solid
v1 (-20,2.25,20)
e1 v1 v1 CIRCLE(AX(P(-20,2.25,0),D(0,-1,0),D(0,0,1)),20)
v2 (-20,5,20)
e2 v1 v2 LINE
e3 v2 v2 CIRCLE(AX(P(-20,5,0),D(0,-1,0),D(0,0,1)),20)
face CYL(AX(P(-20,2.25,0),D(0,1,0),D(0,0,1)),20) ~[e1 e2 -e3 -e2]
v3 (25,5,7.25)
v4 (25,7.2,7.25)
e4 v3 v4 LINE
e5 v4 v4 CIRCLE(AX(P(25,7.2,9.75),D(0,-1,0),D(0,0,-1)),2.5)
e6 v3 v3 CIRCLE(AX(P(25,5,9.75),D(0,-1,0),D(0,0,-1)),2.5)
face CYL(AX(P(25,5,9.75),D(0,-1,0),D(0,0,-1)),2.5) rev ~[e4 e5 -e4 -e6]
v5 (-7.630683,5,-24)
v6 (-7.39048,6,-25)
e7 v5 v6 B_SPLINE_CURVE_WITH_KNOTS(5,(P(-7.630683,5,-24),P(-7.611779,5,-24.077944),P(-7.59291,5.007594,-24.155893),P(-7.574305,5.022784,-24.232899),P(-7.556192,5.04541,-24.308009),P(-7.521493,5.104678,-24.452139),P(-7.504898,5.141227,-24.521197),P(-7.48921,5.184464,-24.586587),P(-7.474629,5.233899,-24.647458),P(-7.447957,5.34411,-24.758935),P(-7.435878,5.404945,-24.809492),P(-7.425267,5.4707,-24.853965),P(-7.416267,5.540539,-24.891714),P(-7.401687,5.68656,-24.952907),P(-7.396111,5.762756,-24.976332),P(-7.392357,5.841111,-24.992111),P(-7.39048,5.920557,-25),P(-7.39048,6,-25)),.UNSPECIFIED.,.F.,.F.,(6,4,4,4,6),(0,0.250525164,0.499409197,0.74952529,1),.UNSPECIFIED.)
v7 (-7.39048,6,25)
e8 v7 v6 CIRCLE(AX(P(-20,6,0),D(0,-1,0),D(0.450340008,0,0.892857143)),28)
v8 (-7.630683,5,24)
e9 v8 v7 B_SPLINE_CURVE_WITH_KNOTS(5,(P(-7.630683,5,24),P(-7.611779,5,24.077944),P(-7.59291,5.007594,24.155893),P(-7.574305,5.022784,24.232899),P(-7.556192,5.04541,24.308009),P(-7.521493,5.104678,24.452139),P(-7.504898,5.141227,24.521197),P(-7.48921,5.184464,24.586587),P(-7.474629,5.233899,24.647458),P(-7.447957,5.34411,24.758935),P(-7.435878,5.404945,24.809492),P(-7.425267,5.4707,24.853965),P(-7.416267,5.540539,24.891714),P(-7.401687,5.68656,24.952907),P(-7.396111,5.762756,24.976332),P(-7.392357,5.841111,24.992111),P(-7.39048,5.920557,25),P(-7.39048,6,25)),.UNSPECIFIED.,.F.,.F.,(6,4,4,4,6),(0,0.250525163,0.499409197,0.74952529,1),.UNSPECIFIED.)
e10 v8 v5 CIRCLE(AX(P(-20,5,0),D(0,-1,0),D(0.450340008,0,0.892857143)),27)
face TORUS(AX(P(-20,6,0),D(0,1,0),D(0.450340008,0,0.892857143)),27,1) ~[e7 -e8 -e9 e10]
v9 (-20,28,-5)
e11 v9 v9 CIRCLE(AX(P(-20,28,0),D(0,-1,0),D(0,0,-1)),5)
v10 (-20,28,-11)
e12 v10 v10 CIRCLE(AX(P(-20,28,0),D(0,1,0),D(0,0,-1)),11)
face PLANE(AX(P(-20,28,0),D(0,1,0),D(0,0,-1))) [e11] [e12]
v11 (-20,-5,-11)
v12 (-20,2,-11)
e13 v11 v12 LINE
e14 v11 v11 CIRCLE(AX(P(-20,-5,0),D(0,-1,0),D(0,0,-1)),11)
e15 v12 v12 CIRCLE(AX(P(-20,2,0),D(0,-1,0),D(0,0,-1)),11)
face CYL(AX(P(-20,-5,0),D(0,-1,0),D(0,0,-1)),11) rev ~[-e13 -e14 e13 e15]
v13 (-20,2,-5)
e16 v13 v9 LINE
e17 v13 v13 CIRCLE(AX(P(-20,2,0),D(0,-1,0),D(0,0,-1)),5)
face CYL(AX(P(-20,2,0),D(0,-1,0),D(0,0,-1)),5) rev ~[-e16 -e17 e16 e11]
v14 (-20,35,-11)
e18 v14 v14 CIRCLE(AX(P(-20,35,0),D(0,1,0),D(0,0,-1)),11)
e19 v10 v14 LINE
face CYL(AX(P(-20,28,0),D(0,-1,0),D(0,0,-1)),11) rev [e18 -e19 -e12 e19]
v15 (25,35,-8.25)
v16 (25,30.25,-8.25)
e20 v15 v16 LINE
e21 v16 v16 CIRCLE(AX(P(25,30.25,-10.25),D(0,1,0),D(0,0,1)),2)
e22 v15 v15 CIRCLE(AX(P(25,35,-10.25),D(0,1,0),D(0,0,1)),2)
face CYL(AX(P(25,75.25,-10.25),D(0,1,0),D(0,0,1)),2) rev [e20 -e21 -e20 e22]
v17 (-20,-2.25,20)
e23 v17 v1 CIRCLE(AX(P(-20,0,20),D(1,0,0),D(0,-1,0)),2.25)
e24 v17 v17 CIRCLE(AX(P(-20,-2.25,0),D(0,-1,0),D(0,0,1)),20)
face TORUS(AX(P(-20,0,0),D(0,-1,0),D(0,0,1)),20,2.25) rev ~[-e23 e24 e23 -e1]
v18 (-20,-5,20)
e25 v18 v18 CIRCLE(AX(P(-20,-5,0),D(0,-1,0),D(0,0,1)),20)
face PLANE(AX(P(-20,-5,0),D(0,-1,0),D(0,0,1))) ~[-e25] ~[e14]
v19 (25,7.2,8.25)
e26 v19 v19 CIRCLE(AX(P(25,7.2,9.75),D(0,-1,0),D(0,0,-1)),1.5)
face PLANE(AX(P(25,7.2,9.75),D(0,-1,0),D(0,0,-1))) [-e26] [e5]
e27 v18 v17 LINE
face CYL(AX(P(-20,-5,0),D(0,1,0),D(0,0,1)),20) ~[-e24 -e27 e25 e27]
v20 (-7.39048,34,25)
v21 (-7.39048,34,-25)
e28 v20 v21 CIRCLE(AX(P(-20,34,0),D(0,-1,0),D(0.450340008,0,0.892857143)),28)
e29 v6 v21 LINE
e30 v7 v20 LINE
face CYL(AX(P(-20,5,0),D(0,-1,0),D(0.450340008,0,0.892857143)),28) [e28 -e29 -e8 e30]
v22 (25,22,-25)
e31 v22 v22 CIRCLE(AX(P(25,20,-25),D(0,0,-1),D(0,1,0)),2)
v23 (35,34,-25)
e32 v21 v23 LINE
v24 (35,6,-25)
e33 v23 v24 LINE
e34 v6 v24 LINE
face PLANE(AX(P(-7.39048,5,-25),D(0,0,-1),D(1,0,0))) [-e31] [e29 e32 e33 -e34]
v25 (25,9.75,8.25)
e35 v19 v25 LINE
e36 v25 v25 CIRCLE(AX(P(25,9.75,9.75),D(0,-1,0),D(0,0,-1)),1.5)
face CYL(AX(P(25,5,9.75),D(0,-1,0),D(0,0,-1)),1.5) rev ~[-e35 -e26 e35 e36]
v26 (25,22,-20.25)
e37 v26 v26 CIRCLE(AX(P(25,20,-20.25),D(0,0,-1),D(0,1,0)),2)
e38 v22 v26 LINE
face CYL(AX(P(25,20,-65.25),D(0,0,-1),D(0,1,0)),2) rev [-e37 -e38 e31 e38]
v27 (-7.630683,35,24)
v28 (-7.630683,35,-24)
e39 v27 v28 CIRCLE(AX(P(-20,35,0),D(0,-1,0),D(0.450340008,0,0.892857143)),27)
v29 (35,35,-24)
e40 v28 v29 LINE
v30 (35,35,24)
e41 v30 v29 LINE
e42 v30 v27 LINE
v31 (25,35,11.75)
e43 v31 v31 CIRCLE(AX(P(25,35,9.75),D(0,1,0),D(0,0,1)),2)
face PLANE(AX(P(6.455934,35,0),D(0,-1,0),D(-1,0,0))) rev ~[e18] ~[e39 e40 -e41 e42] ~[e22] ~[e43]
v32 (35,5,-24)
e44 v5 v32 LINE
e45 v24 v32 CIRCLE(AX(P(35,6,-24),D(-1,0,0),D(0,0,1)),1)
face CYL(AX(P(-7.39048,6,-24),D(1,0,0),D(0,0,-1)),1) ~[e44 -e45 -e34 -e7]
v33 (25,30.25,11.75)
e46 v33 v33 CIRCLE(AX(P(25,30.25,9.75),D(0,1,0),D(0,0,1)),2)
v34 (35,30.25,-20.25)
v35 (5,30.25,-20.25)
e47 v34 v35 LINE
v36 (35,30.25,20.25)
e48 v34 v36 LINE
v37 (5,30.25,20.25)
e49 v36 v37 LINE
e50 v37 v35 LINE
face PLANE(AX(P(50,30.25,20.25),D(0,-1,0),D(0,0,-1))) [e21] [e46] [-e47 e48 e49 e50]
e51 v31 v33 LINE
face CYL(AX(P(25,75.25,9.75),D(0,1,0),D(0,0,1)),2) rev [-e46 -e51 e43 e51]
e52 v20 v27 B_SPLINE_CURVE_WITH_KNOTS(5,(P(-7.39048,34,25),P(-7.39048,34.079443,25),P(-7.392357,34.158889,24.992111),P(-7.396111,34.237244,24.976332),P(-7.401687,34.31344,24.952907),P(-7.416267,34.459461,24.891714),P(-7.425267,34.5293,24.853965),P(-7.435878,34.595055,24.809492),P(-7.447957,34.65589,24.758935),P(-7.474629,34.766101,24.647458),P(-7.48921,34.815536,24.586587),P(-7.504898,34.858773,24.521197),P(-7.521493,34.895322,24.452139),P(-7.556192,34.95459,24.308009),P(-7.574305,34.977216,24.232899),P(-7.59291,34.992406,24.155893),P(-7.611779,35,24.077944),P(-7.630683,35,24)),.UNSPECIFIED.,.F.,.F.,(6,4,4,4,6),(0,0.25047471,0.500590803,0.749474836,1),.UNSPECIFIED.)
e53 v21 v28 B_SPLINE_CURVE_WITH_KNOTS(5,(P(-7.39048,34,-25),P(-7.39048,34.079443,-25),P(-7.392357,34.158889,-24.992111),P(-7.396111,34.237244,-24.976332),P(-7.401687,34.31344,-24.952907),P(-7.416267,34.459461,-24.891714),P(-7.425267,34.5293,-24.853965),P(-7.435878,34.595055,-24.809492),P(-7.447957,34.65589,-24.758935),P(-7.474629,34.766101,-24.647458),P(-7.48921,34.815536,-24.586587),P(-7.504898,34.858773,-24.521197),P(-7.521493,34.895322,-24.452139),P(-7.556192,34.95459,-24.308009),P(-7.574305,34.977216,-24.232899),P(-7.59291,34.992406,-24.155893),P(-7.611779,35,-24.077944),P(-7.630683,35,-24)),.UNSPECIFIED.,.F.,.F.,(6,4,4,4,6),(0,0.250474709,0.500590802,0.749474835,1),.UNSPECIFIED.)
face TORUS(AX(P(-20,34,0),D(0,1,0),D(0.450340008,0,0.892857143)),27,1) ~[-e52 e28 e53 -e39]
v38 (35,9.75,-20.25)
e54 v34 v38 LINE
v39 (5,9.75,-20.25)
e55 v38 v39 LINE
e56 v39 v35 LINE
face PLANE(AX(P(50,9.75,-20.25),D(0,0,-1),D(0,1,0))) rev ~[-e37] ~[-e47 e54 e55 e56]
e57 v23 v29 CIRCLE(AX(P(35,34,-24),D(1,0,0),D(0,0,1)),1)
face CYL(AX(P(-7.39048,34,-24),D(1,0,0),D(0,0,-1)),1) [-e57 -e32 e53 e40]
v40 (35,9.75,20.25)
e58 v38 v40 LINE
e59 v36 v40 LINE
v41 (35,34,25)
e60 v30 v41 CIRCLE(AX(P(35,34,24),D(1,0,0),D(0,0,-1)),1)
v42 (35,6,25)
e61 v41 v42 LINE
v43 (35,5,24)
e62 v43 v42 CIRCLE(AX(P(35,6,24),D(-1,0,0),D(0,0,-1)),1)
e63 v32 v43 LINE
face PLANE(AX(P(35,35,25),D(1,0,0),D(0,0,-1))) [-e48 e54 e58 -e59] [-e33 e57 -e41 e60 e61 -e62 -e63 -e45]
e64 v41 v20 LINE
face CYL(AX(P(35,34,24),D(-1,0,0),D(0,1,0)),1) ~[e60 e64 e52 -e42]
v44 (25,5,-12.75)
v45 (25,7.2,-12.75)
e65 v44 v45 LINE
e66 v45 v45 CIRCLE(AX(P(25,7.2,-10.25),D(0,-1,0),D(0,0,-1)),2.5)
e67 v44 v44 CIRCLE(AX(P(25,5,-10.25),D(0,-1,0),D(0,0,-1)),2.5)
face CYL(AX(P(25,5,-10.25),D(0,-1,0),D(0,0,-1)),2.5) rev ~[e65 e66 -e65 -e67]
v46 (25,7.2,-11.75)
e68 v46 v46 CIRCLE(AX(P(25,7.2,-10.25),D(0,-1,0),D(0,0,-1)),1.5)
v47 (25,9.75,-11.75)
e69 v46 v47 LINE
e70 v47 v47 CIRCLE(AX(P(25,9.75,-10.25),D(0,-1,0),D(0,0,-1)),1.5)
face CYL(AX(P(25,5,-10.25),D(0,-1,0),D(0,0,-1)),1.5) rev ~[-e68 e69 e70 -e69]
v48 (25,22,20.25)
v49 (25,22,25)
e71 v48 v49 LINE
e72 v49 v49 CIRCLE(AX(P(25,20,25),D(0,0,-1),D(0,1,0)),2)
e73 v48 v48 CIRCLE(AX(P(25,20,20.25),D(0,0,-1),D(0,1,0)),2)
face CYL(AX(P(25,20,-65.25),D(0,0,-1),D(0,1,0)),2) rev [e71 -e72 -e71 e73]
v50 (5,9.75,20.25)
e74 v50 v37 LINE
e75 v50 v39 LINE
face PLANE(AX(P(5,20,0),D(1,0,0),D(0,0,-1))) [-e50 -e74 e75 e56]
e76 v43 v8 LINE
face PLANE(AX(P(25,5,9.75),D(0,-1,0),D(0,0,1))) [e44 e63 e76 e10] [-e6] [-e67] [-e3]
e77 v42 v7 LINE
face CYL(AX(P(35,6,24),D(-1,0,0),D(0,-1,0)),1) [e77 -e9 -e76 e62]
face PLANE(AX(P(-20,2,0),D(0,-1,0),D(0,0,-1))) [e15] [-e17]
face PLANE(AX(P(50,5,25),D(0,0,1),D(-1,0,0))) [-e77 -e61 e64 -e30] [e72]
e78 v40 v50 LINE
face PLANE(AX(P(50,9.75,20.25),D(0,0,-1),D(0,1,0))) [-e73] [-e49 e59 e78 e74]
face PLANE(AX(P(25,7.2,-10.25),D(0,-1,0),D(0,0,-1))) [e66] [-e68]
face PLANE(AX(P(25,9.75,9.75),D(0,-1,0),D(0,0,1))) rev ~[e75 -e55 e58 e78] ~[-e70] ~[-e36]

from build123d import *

# Parameters (mm, degrees)
BOSS_EXTRUDE2_DEPTH     = 30
SKETCH5_R               = 11
CUT_EXTRUDE1_DEPTH      = 7
SKETCH6_R               = 5
CUT_EXTRUDE2_DEPTH      = 40
CUT_EXTRUDE3_START      = -7
SKETCH7_R               = 11
CUT_EXTRUDE3_DEPTH      = 7
SKETCH8_W               = 40.5
SKETCH8_H               = 20.5
CUT_EXTRUDE4_DEPTH      = 45
SKETCH9_W               = 15
SKETCH9_H               = 50
CUT_EXTRUDE5_DEPTH      = 45
CUT_EXTRUDE6_DEPTH      = 45
CUT_EXTRUDE6_DEPTH_BACK = 45
SKETCH10_R              = 2
CUT_EXTRUDE7_DEPTH      = 50
CUT_EXTRUDE7_DEPTH_BACK = 45
SKETCH11_R              = 2
FILLET1_R               = 1
SKETCH13_R              = 2
SKETCH13_R_2            = 1.5
BOSS_EXTRUDE3_DEPTH     = 4.75
SKETCH14_R              = 2.5
CUT_EXTRUDE8_DEPTH      = 2.2


with BuildPart() as part:
    # Sketch1 → Revolve2 (revolve)
    with BuildSketch(Plane.XY, mode=Mode.PRIVATE) as revolve2_sk:
        with BuildLine():
            Line((0, 2.25), (0, 5))
            Line((0, 5), (-20, 5))
            Line((-20, 5), (-20, -5))
            Line((-20, -5), (0, -5))
            Line((0, -5), (0, -2.25))
            ThreePointArc((0, -2.25), (-2.25, 0), (0, 2.25))
        make_face()
    revolve(revolve2_sk.sketch.rotate(Axis((-20, 5, 0), (0, -1, 0)), 90), axis=Axis((-20, 5, 0), (0, -1, 0)))

    # Sketch4 → Boss-Extrude2 (add)
    with BuildSketch(Plane(origin=(0, 5, 0), x_dir=(1, 0, 0), z_dir=(0, 1, 0))):
        with BuildLine():
            Line((-7.390479787, 25), (50, 25))
            Line((50, 25), (50, -25))
            Line((50, -25), (-7.390479787, -25))
            ThreePointArc((-7.390479787, -25), (-48, 0), (-7.390479787, 25))
        make_face()
    extrude(amount=BOSS_EXTRUDE2_DEPTH)

    # Sketch5 → Cut-Extrude1 (cut)
    with BuildSketch(Plane.XZ.offset(5)):
        with Locations(Location((-20, 0, 0), (0, 0, 270))):
            Circle(SKETCH5_R)
    extrude(amount=-CUT_EXTRUDE1_DEPTH, mode=Mode.SUBTRACT)

    # Sketch6 → Cut-Extrude2 (cut)
    with BuildSketch(Plane.XZ.offset(-2)):
        with Locations(Location((-20, 0, 0), (0, 0, 270))):
            Circle(SKETCH6_R)
    extrude(amount=-CUT_EXTRUDE2_DEPTH, mode=Mode.SUBTRACT)

    # Sketch7 → Cut-Extrude3 (cut)
    with BuildSketch(Plane(origin=(0, 35, 0), x_dir=(1, 0, 0), z_dir=(0, 1, 0)).offset(CUT_EXTRUDE3_START)):
        with Locations(Location((-20, 0, 0), (0, 0, 90))):
            Circle(SKETCH7_R)
    extrude(amount=CUT_EXTRUDE3_DEPTH, mode=Mode.SUBTRACT)

    # Sketch8 → Cut-Extrude4 (cut)
    with BuildSketch(Plane(origin=(50, 0, 0), x_dir=(0, 0, -1), z_dir=(1, 0, 0))):
        with Locations((0, 20)):
            Rectangle(SKETCH8_W, SKETCH8_H)
    extrude(amount=-CUT_EXTRUDE4_DEPTH, mode=Mode.SUBTRACT)

    # Sketch9 → Cut-Extrude5 (cut)
    with BuildSketch(Plane(origin=(0, 35, 0), x_dir=(1, 0, 0), z_dir=(0, 1, 0))):
        with Locations((42.5, 0)):
            Rectangle(SKETCH9_W, SKETCH9_H)
    extrude(amount=-CUT_EXTRUDE5_DEPTH, mode=Mode.SUBTRACT)

    # Sketch10 → Cut-Extrude6 (cut, two sides: drawn at the far end of the back side and taken through both)
    with BuildSketch(Plane.XZ.offset(-30.25).offset(-CUT_EXTRUDE6_DEPTH_BACK)):
        with Locations(Location((25, 9.75, 0), (0, 0, 90))):
            Circle(SKETCH10_R)
        with Locations(Location((25, -10.25, 0), (0, 0, 90))):
            Circle(SKETCH10_R)
    extrude(amount=CUT_EXTRUDE6_DEPTH + CUT_EXTRUDE6_DEPTH_BACK, mode=Mode.SUBTRACT)

    # Sketch11 → Cut-Extrude7 (cut, two sides: drawn at the far end of the back side and taken through both)
    with BuildSketch(Plane.XY.offset(-20.25).offset(-CUT_EXTRUDE7_DEPTH_BACK)):
        with Locations(Location((25, 20, 0), (0, 0, 90))):
            Circle(SKETCH11_R)
    extrude(amount=CUT_EXTRUDE7_DEPTH + CUT_EXTRUDE7_DEPTH_BACK, mode=Mode.SUBTRACT)

    # Fillet1
    fillet1_edges = [part.edges().sort_by_distance(p)[0] for p in [
        (-48, 5, 0),
        (13.804760106, 5, 25),
        (-48, 35, 0),
        (13.804760106, 35, 25),
        (13.804760106, 35, -25),
        (13.804760106, 5, -25),
    ]]
    fillet(fillet1_edges, radius=FILLET1_R)

    # Sketch13 → Boss-Extrude3 (add)
    # profile 1 of 2: a face of its own
    with BuildSketch(Plane.XZ.offset(-5)):
        with Locations(Location((25, 9.75, 0), (0, 0, 90))):
            Circle(SKETCH13_R)
        with Locations(Location((25, 9.75, 0), (0, 0, 270))):
            Circle(SKETCH13_R_2, mode=Mode.SUBTRACT)
    # profile 2 of 2: a face of its own
    with BuildSketch(Plane.XZ.offset(-5)):
        with Locations(Location((25, -10.25, 0), (0, 0, 90))):
            Circle(SKETCH13_R)
        with Locations(Location((25, -10.25, 0), (0, 0, 270))):
            Circle(SKETCH13_R_2, mode=Mode.SUBTRACT)
    extrude(amount=-BOSS_EXTRUDE3_DEPTH)

    # Sketch14 → Cut-Extrude8 (cut)
    with BuildSketch(Plane.XZ.offset(-5)):
        with Locations(Location((25, 9.75, 0), (0, 0, 270))):
            Circle(SKETCH14_R)
        with Locations(Location((25, -10.25, 0), (0, 0, 270))):
            Circle(SKETCH14_R)
    extrude(amount=-CUT_EXTRUDE8_DEPTH, mode=Mode.SUBTRACT)


solid = part.part
